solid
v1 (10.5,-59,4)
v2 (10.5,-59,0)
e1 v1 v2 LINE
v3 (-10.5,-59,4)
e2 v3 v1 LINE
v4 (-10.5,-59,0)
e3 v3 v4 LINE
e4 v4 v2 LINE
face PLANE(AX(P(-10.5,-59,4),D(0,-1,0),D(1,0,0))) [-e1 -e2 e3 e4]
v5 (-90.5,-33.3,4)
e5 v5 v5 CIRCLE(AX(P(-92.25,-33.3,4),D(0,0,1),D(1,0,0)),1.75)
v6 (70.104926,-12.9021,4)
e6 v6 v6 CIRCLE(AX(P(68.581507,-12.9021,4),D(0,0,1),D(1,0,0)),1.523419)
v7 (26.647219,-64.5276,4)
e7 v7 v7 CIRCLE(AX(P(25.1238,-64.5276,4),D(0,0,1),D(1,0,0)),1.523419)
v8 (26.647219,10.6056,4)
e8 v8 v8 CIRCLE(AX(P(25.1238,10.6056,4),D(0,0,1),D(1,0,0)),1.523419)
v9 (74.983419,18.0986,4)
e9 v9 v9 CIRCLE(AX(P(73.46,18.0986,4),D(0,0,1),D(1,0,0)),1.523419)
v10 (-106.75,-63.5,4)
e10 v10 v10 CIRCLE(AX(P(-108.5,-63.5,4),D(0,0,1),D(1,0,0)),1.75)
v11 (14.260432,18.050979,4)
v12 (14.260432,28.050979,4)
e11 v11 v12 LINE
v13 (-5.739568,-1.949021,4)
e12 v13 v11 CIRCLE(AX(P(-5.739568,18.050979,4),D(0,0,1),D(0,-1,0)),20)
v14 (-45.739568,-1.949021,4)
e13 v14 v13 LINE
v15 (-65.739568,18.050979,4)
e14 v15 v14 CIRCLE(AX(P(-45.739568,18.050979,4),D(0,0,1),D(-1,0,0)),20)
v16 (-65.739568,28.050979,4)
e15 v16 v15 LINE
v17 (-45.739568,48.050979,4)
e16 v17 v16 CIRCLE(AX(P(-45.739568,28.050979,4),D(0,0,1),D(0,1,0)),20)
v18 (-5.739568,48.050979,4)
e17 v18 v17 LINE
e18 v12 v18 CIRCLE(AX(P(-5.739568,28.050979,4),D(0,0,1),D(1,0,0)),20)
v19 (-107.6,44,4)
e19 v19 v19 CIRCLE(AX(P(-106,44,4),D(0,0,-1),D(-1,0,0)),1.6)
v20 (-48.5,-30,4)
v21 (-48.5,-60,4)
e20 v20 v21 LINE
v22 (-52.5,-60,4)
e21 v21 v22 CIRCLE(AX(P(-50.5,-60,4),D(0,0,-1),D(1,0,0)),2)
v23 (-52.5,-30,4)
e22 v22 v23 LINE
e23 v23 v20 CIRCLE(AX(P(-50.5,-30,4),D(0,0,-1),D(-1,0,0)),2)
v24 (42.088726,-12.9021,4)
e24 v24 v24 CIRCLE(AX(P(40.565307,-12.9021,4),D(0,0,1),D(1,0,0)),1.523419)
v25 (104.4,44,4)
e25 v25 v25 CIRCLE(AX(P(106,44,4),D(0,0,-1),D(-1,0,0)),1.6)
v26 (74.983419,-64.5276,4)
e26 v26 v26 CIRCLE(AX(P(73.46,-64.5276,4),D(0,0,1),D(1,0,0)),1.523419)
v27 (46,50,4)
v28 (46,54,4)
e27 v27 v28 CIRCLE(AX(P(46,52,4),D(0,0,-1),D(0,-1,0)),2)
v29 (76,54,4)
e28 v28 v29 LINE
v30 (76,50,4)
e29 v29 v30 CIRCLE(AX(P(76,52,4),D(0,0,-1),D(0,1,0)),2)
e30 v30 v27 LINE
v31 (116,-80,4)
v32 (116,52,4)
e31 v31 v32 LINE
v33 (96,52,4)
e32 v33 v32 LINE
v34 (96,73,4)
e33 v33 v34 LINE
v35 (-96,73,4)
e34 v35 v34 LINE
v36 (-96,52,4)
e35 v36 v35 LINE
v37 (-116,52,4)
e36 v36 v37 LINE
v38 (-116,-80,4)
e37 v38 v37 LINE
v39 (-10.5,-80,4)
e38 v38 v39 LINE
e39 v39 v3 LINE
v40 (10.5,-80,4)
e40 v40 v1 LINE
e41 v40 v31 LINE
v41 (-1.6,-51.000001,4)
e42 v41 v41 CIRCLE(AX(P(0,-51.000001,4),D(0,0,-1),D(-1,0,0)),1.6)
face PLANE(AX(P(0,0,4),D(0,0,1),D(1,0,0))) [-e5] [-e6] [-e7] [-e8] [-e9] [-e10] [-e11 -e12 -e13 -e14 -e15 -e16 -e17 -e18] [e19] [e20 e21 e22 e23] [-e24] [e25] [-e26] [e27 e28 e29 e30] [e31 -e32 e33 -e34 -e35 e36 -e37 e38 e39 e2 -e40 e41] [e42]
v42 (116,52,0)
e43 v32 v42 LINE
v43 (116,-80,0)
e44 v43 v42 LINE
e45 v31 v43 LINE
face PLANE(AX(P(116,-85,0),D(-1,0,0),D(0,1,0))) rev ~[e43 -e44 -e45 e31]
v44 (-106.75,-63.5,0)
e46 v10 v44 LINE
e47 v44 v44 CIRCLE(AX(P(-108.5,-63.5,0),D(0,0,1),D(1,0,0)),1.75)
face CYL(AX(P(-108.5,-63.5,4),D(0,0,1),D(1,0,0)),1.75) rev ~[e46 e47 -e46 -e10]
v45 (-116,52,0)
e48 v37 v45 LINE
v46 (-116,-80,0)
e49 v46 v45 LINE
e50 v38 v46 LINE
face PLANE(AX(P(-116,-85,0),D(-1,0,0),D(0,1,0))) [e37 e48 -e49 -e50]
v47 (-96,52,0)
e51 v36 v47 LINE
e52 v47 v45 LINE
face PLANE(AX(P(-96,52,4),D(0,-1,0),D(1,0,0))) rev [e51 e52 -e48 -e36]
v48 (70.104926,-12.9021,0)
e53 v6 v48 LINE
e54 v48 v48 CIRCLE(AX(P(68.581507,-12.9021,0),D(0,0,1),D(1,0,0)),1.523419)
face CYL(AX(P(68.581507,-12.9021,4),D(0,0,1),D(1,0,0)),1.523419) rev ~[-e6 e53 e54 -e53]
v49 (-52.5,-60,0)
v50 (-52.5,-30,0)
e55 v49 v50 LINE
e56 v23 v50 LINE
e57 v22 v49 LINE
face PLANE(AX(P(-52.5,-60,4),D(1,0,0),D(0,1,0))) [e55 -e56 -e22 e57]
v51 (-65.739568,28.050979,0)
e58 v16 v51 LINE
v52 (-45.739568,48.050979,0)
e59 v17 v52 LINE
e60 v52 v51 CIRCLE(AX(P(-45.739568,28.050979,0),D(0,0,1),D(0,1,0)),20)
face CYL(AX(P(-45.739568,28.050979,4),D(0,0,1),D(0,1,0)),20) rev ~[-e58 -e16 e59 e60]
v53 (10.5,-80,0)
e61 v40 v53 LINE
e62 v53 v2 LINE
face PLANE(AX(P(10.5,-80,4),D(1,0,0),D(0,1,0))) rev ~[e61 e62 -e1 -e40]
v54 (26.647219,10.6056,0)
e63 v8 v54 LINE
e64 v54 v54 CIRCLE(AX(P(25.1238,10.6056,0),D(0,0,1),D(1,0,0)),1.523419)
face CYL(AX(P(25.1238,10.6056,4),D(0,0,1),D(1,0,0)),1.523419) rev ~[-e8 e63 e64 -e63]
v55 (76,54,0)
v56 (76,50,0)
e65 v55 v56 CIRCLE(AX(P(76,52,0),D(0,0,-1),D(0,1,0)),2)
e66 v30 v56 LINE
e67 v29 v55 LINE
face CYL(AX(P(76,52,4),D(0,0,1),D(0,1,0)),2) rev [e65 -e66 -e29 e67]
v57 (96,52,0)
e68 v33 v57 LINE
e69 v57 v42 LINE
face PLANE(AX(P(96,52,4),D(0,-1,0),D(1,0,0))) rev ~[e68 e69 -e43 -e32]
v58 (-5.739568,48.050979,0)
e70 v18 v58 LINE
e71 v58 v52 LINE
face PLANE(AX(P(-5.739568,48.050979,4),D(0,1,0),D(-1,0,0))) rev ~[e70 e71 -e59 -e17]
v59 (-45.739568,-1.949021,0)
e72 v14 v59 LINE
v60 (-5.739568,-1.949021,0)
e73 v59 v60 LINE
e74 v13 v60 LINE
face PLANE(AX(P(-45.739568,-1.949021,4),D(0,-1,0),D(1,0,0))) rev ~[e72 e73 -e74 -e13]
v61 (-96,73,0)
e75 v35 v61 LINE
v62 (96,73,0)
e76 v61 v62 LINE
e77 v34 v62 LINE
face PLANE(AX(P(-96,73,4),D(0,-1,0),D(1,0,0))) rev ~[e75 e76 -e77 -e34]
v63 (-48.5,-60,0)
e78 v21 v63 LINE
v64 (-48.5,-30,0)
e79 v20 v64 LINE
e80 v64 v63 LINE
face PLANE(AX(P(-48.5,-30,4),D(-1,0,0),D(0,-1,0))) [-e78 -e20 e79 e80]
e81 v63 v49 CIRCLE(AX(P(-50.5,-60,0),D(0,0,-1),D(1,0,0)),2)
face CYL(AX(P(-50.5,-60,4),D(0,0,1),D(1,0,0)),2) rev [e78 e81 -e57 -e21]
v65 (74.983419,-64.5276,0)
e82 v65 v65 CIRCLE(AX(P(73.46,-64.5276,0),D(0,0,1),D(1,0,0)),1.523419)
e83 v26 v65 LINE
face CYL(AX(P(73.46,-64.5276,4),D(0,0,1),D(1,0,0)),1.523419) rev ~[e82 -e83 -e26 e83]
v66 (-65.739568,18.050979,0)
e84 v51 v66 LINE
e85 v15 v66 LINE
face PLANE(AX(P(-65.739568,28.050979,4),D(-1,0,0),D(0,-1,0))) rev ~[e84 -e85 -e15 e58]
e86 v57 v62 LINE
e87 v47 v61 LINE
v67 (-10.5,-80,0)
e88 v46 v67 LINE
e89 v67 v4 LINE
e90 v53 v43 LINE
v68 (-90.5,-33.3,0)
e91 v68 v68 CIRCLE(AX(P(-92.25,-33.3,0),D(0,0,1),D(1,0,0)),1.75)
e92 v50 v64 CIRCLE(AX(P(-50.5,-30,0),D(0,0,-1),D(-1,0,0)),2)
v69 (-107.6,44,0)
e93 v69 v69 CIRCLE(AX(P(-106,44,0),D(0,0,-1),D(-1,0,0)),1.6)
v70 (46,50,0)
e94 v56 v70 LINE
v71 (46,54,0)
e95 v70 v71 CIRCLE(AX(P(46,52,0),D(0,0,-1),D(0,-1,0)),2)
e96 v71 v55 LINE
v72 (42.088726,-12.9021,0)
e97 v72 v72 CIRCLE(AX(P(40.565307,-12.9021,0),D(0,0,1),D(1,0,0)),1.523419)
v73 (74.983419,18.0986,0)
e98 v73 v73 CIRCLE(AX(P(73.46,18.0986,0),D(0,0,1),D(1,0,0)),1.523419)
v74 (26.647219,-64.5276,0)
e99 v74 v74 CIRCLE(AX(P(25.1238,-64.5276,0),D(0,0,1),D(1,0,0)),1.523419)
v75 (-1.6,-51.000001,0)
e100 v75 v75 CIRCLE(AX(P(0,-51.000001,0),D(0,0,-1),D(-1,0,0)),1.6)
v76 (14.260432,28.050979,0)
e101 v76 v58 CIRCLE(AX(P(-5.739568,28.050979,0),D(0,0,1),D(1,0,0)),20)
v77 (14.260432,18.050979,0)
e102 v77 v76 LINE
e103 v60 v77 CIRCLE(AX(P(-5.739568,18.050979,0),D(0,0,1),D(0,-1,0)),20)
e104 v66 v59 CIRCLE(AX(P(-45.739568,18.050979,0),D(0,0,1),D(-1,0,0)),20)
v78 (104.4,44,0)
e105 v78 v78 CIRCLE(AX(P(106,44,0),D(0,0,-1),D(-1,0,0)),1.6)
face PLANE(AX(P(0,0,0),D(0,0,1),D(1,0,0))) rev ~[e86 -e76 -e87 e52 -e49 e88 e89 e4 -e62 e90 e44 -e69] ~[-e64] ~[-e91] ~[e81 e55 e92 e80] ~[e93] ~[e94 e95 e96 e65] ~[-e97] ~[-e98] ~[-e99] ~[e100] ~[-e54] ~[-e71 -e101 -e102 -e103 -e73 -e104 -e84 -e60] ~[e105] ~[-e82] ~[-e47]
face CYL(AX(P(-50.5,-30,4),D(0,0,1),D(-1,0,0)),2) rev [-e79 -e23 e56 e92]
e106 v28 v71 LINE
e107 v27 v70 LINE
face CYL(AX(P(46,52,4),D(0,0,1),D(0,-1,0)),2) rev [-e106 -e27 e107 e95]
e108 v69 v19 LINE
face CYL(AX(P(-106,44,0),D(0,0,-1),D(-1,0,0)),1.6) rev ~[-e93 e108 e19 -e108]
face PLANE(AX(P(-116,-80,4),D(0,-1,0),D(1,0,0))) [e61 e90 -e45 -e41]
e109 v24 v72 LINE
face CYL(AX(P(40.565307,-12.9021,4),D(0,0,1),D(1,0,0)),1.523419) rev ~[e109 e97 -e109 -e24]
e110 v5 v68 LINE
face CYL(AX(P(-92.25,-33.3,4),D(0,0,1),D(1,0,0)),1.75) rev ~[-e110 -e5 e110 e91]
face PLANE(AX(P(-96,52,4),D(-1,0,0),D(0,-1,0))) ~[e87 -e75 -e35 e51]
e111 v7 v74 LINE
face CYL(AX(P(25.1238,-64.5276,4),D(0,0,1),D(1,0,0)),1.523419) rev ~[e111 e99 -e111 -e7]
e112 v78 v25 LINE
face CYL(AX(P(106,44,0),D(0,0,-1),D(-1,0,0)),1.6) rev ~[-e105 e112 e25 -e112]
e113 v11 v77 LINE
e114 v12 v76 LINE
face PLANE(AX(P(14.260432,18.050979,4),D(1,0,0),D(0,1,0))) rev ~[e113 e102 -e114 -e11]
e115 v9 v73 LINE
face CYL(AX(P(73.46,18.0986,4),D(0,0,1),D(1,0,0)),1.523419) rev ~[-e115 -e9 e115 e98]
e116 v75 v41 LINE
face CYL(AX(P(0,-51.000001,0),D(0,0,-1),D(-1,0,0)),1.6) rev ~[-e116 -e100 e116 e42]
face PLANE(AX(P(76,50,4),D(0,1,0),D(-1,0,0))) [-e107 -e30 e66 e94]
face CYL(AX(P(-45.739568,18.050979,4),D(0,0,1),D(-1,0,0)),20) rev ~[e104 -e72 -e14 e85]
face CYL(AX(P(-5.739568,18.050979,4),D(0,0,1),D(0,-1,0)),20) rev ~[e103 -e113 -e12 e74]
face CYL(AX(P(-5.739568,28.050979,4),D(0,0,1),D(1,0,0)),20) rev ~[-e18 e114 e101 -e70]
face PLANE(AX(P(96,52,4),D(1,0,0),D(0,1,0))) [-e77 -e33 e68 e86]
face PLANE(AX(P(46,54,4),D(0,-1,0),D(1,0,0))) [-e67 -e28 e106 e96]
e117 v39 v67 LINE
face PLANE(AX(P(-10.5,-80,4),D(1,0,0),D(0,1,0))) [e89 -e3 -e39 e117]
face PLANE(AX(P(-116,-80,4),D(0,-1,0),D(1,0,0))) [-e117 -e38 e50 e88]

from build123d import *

# Parameters (mm, degrees)
SKETCH1_W           = 232
SKETCH1_H           = 170
BOSS_EXTRUDE1_DEPTH = 4
CUT_EXTRUDE4_DEPTH  = 144.864519601
SKETCH6_R           = 1.523418559
CUT_EXTRUDE5_DEPTH  = 144.864519601
SKETCH8_W           = 232
SKETCH8_H           = 5
CUT_EXTRUDE7_DEPTH  = 144.864519601
SKETCH9_R           = 1.6
CUT_EXTRUDE8_DEPTH  = 144.864519601
SKETCH10_R          = 1.75
CUT_EXTRUDE9_DEPTH  = 144.864519601
SKETCH11_W          = 20
SKETCH11_H          = 33
CUT_EXTRUDE10_DEPTH = 144.864519601
SKETCH12_W          = 21
SKETCH12_H          = 21
CUT_EXTRUDE11_DEPTH = 4
CUT_EXTRUDE12_DEPTH = 4
SKETCH14_W          = 192
SKETCH14_H          = 12
CUT_EXTRUDE13_DEPTH = 4


with BuildPart() as part:
    # Sketch1 → Boss-Extrude1 (new body)
    with BuildSketch(Plane.XY):
        Rectangle(SKETCH1_W, SKETCH1_H)
    extrude(amount=BOSS_EXTRUDE1_DEPTH)

    # Sketch5 → Cut-Extrude4 (cut, through all)
    with BuildSketch(Plane.XY.offset(4)):
        with BuildLine():
            Line((-45.739568187, -1.949021099), (-5.739568187, -1.949021099))
            ThreePointArc((-5.739568187, -1.949021099), (8.402567437, 3.908843277), (14.260431813, 18.050978901))
            Line((14.260431813, 18.050978901), (14.260431813, 28.050978901))
            ThreePointArc((14.260431813, 28.050978901), (8.402567437, 42.193114525), (-5.739568187, 48.050978901))
            Line((-5.739568187, 48.050978901), (-45.739568187, 48.050978901))
            ThreePointArc((-45.739568187, 48.050978901), (-59.881703811, 42.193114525), (-65.739568187, 28.050978901))
            Line((-65.739568187, 28.050978901), (-65.739568187, 18.050978901))
            ThreePointArc((-65.739568187, 18.050978901), (-59.881703811, 3.908843277), (-45.739568187, -1.949021099))
        make_face()
    extrude(amount=-CUT_EXTRUDE4_DEPTH, mode=Mode.SUBTRACT)

    # Sketch6 → Cut-Extrude5 (cut, through all)
    with BuildSketch(Plane.XY.offset(4)):
        with Locations((73.46, 18.098600008)):
            Circle(SKETCH6_R)
        with Locations((25.1238, 10.605600008)):
            Circle(SKETCH6_R)
        with Locations((68.581507234, -12.902099992)):
            Circle(SKETCH6_R)
        with Locations((40.565307234, -12.902099992)):
            Circle(SKETCH6_R)
        with Locations((73.46, -64.527599992)):
            Circle(SKETCH6_R)
        with Locations((25.1238, -64.527599992)):
            Circle(SKETCH6_R)
    extrude(amount=-CUT_EXTRUDE5_DEPTH, mode=Mode.SUBTRACT)

    # Sketch8 → Cut-Extrude7 (cut, through all)
    with BuildSketch(Plane.XY.offset(4)):
        with Locations((0, -82.5)):
            Rectangle(SKETCH8_W, SKETCH8_H)
    extrude(amount=-CUT_EXTRUDE7_DEPTH, mode=Mode.SUBTRACT)

    # Sketch9 → Cut-Extrude8 (cut, through all)
    with BuildSketch(Plane(origin=(0, 0, 0), x_dir=(-1, 0, 0), z_dir=(0, 0, -1))):
        with Locations((106, 44)):
            Circle(SKETCH9_R)
        with Locations((-106, 44)):
            Circle(SKETCH9_R)
        with Locations((0, -51.000000508)):
            Circle(SKETCH9_R)
    extrude(amount=-CUT_EXTRUDE8_DEPTH, mode=Mode.SUBTRACT)

    # Sketch10 → Cut-Extrude9 (cut, through all)
    with BuildSketch(Plane.XY.offset(4)):
        with Locations((-92.249999997, -33.300000021)):
            Circle(SKETCH10_R)
        with Locations((-108.499999997, -63.500000021)):
            Circle(SKETCH10_R)
    extrude(amount=-CUT_EXTRUDE9_DEPTH, mode=Mode.SUBTRACT)

    # Sketch11 → Cut-Extrude10 (cut, through all)
    with BuildSketch(Plane.XY.offset(4)):
        with Locations((106, 68.5)):
            Rectangle(SKETCH11_W, SKETCH11_H)
    cut_extrude10 = extrude(amount=-CUT_EXTRUDE10_DEPTH, mode=Mode.SUBTRACT)

    # Mirror1: Cut-Extrude10 across plane
    add(cut_extrude10.mirror(Plane.ZY), mode=Mode.SUBTRACT)

    # Sketch12 → Cut-Extrude11 (cut)
    with BuildSketch(Plane.XY.offset(4)):
        with Locations((0, -69.5)):
            Rectangle(SKETCH12_W, SKETCH12_H)
    extrude(amount=-CUT_EXTRUDE11_DEPTH, mode=Mode.SUBTRACT)

    # Sketch13 → Cut-Extrude12 (cut)
    with BuildSketch(Plane.XY.offset(4)):
        with BuildLine():
            Line((-48.5, -30), (-48.5, -60))
            ThreePointArc((-48.5, -60), (-50.5, -62), (-52.5, -60))
            Line((-52.5, -60), (-52.5, -30))
            ThreePointArc((-52.5, -30), (-50.5, -28), (-48.5, -30))
        make_face()
        with BuildLine():
            Line((46, 54), (76, 54))
            ThreePointArc((76, 54), (78, 52), (76, 50))
            Line((76, 50), (46, 50))
            ThreePointArc((46, 50), (44, 52), (46, 54))
        make_face()
    extrude(amount=-CUT_EXTRUDE12_DEPTH, mode=Mode.SUBTRACT)

    # Sketch14 → Cut-Extrude13 (cut)
    with BuildSketch(Plane.XY.offset(4)):
        with Locations((0, 79)):
            Rectangle(SKETCH14_W, SKETCH14_H)
    extrude(amount=-CUT_EXTRUDE13_DEPTH, mode=Mode.SUBTRACT)


solid = part.part
